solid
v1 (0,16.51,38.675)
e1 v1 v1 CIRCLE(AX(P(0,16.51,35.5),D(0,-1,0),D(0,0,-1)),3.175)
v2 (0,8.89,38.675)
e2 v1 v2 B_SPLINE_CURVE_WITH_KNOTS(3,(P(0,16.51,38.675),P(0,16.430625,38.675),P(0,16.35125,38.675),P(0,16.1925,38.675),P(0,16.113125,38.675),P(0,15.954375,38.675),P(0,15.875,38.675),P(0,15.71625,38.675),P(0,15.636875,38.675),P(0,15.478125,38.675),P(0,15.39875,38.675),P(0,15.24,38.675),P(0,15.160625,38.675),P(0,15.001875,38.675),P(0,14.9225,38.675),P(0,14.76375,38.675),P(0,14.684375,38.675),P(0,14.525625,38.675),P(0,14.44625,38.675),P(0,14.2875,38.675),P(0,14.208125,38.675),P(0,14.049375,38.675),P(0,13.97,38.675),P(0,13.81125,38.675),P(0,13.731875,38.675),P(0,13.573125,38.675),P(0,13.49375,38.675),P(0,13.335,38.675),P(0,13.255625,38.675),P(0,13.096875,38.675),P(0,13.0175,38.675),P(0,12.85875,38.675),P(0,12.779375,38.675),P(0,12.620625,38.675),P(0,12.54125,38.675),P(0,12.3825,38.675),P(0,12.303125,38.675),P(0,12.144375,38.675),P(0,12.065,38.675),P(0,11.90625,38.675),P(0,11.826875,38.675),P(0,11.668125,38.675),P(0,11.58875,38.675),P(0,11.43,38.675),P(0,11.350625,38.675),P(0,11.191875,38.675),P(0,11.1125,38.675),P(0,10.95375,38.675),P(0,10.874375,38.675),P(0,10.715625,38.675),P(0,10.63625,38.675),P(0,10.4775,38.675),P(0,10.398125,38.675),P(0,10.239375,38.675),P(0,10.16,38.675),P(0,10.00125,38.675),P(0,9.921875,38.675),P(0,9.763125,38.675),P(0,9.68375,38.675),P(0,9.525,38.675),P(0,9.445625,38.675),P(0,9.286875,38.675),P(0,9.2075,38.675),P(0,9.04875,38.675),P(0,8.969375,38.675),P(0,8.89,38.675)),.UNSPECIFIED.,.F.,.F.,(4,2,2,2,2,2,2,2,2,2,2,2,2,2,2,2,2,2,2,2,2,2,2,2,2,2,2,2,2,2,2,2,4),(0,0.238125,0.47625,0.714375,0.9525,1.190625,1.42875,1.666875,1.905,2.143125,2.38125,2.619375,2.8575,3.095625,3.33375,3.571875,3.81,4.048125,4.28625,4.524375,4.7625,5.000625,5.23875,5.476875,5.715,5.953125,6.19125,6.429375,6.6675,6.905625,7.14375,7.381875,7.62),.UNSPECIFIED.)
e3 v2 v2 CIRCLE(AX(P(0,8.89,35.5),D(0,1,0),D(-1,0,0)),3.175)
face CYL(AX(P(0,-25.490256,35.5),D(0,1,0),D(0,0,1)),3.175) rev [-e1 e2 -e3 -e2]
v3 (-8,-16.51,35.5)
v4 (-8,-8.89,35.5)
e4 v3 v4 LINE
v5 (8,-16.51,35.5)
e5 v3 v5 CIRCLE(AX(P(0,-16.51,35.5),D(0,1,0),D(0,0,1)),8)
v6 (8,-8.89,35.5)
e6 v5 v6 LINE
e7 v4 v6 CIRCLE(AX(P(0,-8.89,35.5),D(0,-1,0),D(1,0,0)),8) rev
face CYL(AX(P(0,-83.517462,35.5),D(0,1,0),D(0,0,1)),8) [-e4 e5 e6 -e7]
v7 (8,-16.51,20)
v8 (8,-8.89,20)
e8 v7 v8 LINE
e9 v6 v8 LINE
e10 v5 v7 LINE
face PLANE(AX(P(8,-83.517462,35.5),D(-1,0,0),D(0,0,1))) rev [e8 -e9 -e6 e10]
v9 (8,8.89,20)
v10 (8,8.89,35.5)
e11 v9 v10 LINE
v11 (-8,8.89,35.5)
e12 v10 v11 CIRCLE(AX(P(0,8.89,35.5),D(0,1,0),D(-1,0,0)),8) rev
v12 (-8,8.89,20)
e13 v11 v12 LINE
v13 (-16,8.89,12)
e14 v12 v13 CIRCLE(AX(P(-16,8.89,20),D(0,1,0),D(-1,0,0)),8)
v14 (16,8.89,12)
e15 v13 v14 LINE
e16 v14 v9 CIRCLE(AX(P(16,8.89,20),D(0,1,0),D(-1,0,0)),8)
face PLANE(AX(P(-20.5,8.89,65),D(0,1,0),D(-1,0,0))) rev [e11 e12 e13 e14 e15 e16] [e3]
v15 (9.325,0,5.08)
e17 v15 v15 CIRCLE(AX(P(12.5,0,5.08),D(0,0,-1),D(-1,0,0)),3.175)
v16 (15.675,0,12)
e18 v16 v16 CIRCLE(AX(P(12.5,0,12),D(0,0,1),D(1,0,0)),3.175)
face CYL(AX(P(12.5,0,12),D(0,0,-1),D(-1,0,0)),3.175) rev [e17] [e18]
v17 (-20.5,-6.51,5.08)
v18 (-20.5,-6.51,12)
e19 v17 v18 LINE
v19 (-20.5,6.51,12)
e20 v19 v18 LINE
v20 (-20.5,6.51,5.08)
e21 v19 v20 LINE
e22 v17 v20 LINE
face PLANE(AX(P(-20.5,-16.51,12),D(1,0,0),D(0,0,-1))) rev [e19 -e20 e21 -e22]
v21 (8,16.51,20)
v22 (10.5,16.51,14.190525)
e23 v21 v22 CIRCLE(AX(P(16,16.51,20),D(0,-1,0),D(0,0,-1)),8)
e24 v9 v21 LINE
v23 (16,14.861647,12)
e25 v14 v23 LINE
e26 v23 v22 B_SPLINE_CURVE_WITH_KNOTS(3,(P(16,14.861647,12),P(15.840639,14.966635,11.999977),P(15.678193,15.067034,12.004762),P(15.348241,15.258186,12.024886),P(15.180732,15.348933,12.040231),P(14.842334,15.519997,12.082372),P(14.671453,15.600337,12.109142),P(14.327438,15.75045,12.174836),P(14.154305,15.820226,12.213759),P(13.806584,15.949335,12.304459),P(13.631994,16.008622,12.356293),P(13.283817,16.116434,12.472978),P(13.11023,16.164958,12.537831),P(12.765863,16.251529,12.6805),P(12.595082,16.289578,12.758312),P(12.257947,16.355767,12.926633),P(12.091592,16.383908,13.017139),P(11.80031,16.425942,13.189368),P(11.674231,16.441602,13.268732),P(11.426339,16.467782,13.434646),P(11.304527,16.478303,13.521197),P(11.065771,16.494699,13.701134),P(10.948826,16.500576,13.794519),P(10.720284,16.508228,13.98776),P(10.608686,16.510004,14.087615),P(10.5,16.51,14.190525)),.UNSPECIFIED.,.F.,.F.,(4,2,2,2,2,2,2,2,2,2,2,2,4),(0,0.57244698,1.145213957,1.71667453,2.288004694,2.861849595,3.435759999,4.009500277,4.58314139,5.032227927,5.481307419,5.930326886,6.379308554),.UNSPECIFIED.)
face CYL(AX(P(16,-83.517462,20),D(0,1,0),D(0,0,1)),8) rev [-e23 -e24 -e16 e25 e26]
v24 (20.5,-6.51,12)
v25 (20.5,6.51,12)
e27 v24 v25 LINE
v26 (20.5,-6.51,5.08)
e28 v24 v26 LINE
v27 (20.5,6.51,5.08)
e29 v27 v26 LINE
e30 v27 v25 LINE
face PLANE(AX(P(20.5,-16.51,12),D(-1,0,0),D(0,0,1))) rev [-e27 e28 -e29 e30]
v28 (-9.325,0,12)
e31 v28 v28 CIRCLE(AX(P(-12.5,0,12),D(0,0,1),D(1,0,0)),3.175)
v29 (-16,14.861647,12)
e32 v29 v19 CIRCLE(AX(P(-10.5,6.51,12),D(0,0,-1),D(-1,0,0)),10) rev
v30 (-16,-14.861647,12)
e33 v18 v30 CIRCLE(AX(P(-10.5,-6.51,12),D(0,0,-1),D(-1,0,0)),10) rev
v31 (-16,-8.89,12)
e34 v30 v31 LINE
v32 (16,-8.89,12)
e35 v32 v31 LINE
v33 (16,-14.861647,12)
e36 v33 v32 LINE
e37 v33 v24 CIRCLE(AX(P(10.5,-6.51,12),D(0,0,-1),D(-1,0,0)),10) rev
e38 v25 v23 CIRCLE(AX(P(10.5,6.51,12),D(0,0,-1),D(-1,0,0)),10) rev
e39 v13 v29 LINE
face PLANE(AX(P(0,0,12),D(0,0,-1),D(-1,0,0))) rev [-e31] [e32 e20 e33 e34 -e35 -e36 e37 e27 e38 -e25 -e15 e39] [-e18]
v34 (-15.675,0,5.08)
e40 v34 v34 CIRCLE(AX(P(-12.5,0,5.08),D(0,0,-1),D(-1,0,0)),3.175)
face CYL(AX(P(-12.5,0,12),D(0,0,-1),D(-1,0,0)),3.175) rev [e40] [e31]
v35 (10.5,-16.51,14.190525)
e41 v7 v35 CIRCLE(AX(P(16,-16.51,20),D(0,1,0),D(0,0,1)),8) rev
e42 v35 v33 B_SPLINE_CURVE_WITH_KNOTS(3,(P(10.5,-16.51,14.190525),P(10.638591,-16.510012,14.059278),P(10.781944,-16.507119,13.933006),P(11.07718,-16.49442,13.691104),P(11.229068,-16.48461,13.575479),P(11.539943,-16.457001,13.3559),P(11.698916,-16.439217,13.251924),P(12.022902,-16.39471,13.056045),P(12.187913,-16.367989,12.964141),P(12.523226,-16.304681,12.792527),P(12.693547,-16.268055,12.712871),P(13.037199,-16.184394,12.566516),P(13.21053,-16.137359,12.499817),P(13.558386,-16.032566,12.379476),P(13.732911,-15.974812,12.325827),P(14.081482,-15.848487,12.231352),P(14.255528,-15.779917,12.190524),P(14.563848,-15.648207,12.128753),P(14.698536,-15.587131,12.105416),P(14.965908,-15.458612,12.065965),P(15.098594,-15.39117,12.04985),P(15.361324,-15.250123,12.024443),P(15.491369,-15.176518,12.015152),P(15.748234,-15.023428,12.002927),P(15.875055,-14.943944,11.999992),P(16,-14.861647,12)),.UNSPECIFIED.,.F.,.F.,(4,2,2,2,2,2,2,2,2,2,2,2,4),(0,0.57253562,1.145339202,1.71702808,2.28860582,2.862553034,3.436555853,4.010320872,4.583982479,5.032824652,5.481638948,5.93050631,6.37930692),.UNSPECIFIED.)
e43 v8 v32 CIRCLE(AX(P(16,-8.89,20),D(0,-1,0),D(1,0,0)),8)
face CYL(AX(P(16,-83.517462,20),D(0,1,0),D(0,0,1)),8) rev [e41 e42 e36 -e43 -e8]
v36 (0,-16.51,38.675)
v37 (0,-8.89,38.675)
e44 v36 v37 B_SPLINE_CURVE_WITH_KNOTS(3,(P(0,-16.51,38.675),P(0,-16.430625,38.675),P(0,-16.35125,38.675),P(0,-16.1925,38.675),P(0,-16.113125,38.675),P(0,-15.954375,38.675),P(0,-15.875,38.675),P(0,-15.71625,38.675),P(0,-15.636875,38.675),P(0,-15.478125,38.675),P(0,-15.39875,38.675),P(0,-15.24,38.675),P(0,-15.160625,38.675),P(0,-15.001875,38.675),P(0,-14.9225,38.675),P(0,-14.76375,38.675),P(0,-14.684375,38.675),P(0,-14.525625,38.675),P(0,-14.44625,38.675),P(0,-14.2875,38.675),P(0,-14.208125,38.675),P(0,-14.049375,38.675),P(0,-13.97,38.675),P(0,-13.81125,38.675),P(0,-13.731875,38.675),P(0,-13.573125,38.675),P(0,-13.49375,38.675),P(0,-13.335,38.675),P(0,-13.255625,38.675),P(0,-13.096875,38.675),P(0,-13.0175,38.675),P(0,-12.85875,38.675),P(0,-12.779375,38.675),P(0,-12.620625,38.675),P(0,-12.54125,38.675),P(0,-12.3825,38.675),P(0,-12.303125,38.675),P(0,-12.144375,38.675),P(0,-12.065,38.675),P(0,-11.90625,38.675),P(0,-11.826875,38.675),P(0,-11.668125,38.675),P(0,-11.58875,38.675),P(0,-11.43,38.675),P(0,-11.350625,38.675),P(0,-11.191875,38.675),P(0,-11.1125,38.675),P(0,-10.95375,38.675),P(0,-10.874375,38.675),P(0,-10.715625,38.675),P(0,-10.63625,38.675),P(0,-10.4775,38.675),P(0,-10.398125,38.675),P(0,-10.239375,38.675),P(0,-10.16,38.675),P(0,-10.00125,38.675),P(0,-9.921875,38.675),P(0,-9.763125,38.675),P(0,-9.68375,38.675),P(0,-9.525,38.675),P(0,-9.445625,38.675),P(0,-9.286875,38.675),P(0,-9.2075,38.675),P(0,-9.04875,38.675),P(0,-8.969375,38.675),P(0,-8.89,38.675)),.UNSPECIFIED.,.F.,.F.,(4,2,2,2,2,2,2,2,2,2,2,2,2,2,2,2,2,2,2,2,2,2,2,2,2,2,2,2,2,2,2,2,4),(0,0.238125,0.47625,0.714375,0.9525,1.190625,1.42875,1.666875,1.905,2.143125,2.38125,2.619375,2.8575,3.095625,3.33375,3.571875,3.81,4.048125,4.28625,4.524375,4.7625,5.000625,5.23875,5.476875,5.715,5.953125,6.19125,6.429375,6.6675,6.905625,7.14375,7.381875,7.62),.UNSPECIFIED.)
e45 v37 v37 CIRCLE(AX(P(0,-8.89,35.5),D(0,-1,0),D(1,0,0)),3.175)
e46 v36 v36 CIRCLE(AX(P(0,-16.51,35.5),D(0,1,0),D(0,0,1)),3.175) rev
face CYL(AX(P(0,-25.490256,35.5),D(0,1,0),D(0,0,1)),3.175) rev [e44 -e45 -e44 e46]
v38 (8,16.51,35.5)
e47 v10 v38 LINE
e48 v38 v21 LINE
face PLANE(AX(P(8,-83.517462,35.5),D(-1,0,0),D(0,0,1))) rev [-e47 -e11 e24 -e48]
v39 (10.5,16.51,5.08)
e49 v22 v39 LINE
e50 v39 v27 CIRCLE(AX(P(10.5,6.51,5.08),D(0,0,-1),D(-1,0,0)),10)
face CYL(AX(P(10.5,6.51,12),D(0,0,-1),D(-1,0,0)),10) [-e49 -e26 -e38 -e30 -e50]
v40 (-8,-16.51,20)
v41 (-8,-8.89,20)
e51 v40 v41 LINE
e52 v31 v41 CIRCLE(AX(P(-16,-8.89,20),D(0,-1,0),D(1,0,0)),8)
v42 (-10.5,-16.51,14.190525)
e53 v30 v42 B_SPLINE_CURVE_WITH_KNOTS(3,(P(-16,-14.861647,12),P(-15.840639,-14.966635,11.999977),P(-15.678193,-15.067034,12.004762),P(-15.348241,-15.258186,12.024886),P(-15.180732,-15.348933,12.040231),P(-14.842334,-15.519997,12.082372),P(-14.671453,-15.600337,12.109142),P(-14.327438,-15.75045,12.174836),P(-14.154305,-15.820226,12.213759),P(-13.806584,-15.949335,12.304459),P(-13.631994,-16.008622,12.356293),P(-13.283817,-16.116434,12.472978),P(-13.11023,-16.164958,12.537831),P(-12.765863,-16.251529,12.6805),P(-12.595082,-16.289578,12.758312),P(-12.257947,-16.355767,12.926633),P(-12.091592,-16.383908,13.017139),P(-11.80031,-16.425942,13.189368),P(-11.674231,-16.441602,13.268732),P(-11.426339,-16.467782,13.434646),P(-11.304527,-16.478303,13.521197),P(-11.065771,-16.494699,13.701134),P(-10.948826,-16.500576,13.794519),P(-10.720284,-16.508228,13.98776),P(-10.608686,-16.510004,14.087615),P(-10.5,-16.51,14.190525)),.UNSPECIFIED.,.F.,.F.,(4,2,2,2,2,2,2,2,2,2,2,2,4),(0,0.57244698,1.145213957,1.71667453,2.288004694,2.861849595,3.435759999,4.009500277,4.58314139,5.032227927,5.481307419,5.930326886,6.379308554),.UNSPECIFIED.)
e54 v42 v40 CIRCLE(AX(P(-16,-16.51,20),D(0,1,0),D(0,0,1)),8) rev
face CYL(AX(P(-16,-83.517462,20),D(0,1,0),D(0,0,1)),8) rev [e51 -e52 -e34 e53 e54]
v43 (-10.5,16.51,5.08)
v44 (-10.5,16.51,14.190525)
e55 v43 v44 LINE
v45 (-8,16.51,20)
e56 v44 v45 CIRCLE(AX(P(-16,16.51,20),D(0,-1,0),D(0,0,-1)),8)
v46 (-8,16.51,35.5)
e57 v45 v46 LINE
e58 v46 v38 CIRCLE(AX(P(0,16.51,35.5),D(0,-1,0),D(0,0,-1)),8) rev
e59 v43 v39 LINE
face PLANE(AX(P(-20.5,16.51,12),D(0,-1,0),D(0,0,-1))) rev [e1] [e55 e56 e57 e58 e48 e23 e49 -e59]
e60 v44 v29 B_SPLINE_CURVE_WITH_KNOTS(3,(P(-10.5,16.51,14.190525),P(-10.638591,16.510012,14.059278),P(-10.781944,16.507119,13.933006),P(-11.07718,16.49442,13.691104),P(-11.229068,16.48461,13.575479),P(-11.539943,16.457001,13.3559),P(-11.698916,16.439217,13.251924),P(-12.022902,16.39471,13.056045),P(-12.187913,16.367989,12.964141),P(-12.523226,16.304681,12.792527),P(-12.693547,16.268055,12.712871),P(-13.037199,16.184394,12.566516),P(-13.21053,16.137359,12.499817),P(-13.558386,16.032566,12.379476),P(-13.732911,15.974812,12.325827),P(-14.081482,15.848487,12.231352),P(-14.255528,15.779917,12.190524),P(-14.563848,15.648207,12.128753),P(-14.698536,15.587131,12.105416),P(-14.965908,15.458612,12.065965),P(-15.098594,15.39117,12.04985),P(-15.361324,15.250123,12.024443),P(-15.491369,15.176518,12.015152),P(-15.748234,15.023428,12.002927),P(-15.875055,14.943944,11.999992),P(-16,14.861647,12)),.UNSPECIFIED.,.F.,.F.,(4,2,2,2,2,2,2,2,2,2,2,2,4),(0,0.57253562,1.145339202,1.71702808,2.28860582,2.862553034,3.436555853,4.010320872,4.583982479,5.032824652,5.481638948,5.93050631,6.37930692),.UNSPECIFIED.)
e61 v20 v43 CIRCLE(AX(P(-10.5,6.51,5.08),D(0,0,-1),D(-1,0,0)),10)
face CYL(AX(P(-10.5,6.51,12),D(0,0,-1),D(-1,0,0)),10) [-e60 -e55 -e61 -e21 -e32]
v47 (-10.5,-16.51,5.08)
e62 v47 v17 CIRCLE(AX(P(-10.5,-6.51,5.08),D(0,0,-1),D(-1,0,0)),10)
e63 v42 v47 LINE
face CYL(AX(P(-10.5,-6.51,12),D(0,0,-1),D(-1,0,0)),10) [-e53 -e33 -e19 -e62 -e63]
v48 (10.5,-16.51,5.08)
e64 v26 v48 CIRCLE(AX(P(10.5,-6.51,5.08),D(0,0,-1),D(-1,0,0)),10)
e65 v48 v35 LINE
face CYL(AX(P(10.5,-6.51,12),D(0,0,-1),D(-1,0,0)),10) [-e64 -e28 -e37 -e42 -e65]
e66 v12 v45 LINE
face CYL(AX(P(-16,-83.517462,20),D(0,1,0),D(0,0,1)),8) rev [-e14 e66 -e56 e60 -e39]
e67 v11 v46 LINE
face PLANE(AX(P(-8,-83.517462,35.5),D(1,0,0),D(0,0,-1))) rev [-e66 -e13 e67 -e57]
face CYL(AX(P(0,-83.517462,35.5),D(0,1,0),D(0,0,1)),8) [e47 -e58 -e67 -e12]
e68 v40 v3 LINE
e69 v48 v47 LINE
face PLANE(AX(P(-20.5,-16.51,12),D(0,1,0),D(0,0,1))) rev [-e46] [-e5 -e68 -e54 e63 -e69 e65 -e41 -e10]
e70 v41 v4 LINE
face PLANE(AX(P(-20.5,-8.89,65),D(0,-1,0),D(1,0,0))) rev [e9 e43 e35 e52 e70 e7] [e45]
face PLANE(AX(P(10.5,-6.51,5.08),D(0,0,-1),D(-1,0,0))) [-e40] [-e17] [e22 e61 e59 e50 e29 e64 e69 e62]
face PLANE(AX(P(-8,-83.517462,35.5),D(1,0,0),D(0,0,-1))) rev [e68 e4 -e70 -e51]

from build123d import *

# Parameters (mm, degrees)
SKETCH1_W                      = 41
SKETCH1_H                      = 33.02
SKETCH1_R                      = 3.175
BOSS_EXTRUDE1_DEPTH            = 12
SKETCH2_W                      = 41
SKETCH2_H                      = 7.62
BOSS_EXTRUDE2_DEPTH            = 53
CUT_EXTRUDE1_REACH             = 72.127
SKETCH4_R                      = 3.175
CUT_EXTRUDE1_DIRECTION_2_REACH = 72.127
CUT_EXTRUDE3_REACH             = 72.127
CUT_EXTRUDE3_DIRECTION_2_REACH = 72.127
FILLET1_R                      = 10
CUT_EXTRUDE4_DEPTH             = 5.08


with BuildPart() as part:
    # Sketch1 → Boss-Extrude1 (new body)
    with BuildSketch(Plane.XY):
        Rectangle(SKETCH1_W, SKETCH1_H)
        with Locations((12.5, 0)):
            Circle(SKETCH1_R, mode=Mode.SUBTRACT)
        with Locations((-12.5, 0)):
            Circle(SKETCH1_R, mode=Mode.SUBTRACT)
    extrude(amount=BOSS_EXTRUDE1_DEPTH)

    # Sketch2 → Boss-Extrude2 (add)
    with BuildSketch(Plane.XY.offset(12)):
        with Locations((0, 12.7)):
            Rectangle(SKETCH2_W, SKETCH2_H)
        with Locations((0, -12.7)):
            Rectangle(SKETCH2_W, SKETCH2_H)
    extrude(amount=BOSS_EXTRUDE2_DEPTH)

    # Cut-Extrude1: up to this face of the body (flat: up to its plane)
    cut_extrude1_end = Plane(part.part.faces().sort_by_distance((0, -16.51, 32.5))[0])
    # Sketch4 → Cut-Extrude1 (cut, up to the picked face)
    with BuildSketch(Plane(origin=(0, 0, 0), x_dir=(1, 0, 0), z_dir=(0, 1, 0)), mode=Mode.PRIVATE) as cut_extrude1_sk1:
        with Locations(Location((0, -35.5, 0), (0, 0, 270))):
            Circle(SKETCH4_R)
    cut_extrude1_tool1 = split(extrude(cut_extrude1_sk1.sketch, amount=-CUT_EXTRUDE1_REACH, mode=Mode.PRIVATE), bisect_by=cut_extrude1_end, keep=Keep.BOTH, mode=Mode.PRIVATE)
    add(cut_extrude1_tool1.solids().sort_by(Axis((0, 0, 35.5), (0, -1, 0)))[0], mode=Mode.SUBTRACT)

    # Cut-Extrude1 direction 2: up to this face of the body (flat: up to its plane)
    cut_extrude1_direction_2_end = Plane(part.part.faces().sort_by_distance((0, 16.51, 32.5))[0])
    # Sketch4 → Cut-Extrude1 direction 2 (cut, up to the picked face)
    with BuildSketch(Plane(origin=(0, 0, 0), x_dir=(1, 0, 0), z_dir=(0, 1, 0)), mode=Mode.PRIVATE) as cut_extrude1_direction_2_sk1:
        with Locations(Location((0, -35.5, 0), (0, 0, 270))):
            Circle(SKETCH4_R)
    cut_extrude1_direction_2_tool1 = split(extrude(cut_extrude1_direction_2_sk1.sketch, amount=CUT_EXTRUDE1_DIRECTION_2_REACH, mode=Mode.PRIVATE), bisect_by=cut_extrude1_direction_2_end, keep=Keep.BOTH, mode=Mode.PRIVATE)
    add(cut_extrude1_direction_2_tool1.solids().sort_by(Axis((0, 0, 35.5), (0, 1, 0)))[0], mode=Mode.SUBTRACT)

    # Cut-Extrude3: up to this face of the body (flat: up to its plane)
    cut_extrude3_end = Plane(part.part.faces().sort_by_distance((-19.731494958, -16.51, 32.5))[0])
    # Sketch6 → Cut-Extrude3 (cut, up to the picked face)
    with BuildSketch(Plane(origin=(0, 0, 0), x_dir=(1, 0, 0), z_dir=(0, 1, 0)), mode=Mode.PRIVATE) as cut_extrude3_sk1:
        with BuildLine():
            Line((-8, -35.5), (-8, -20))
            ThreePointArc((-8, -20), (-10.343145751, -14.343145751), (-16, -12))
            Line((-16, -12), (-20.5, -12))
            Line((-20.5, -12), (-20.5, -65))
            Line((-20.5, -65), (20.5, -65))
            Line((20.5, -65), (20.5, -12))
            Line((20.5, -12), (16, -12))
            ThreePointArc((16, -12), (10.343145751, -14.343145751), (8, -20))
            Line((8, -20), (8, -35.5))
            ThreePointArc((8, -35.5), (0, -43.5), (-8, -35.5))
        make_face()
    cut_extrude3_tool1 = split(extrude(cut_extrude3_sk1.sketch, amount=-CUT_EXTRUDE3_REACH, mode=Mode.PRIVATE), bisect_by=cut_extrude3_end, keep=Keep.BOTH, mode=Mode.PRIVATE)
    add(cut_extrude3_tool1.solids().sort_by(Axis((-8.670075, 0, 27.75), (0, -1, 0)))[0], mode=Mode.SUBTRACT)

    # Cut-Extrude3 direction 2: up to this face of the body (flat: up to its plane)
    cut_extrude3_direction_2_end = Plane(part.part.faces().sort_by_distance((19.731494958, 16.51, 32.5))[0])
    # Sketch6 → Cut-Extrude3 direction 2 (cut, up to the picked face)
    with BuildSketch(Plane(origin=(0, 0, 0), x_dir=(1, 0, 0), z_dir=(0, 1, 0)), mode=Mode.PRIVATE) as cut_extrude3_direction_2_sk1:
        with BuildLine():
            Line((-8, -35.5), (-8, -20))
            ThreePointArc((-8, -20), (-10.343145751, -14.343145751), (-16, -12))
            Line((-16, -12), (-20.5, -12))
            Line((-20.5, -12), (-20.5, -65))
            Line((-20.5, -65), (20.5, -65))
            Line((20.5, -65), (20.5, -12))
            Line((20.5, -12), (16, -12))
            ThreePointArc((16, -12), (10.343145751, -14.343145751), (8, -20))
            Line((8, -20), (8, -35.5))
            ThreePointArc((8, -35.5), (0, -43.5), (-8, -35.5))
        make_face()
    cut_extrude3_direction_2_tool1 = split(extrude(cut_extrude3_direction_2_sk1.sketch, amount=CUT_EXTRUDE3_DIRECTION_2_REACH, mode=Mode.PRIVATE), bisect_by=cut_extrude3_direction_2_end, keep=Keep.BOTH, mode=Mode.PRIVATE)
    add(cut_extrude3_direction_2_tool1.solids().sort_by(Axis((-8.670075, 0, 27.75), (0, 1, 0)))[0], mode=Mode.SUBTRACT)

    # Fillet1
    fillet1_edges = [part.edges().sort_by_distance(p)[0] for p in [
        (-20.5, -16.51, 6),
        (-20.5, 16.51, 6),
        (20.5, -16.51, 6),
        (20.5, 16.51, 6),
    ]]
    fillet(fillet1_edges, radius=FILLET1_R)

    # Sketch7 → Cut-Extrude4 (cut)
    with BuildSketch(Plane(origin=(0, 0, 0), x_dir=(-1, 0, 0), z_dir=(0, 0, -1))):
        with BuildLine():
            Line((-10.5, -16.51), (10.5, -16.51))
            ThreePointArc((10.5, -16.51), (17.571067812, -13.581067812), (20.5, -6.51))
            Line((20.5, -6.51), (20.5, 6.51))
            ThreePointArc((20.5, 6.51), (17.571067812, 13.581067812), (10.5, 16.51))
            Line((10.5, 16.51), (-10.5, 16.51))
            ThreePointArc((-10.5, 16.51), (-17.571067812, 13.581067812), (-20.5, 6.51))
            Line((-20.5, 6.51), (-20.5, -6.51))
            ThreePointArc((-20.5, -6.51), (-17.571067812, -13.581067812), (-10.5, -16.51))
        make_face()
    extrude(amount=-CUT_EXTRUDE4_DEPTH, mode=Mode.SUBTRACT)


solid = part.part
